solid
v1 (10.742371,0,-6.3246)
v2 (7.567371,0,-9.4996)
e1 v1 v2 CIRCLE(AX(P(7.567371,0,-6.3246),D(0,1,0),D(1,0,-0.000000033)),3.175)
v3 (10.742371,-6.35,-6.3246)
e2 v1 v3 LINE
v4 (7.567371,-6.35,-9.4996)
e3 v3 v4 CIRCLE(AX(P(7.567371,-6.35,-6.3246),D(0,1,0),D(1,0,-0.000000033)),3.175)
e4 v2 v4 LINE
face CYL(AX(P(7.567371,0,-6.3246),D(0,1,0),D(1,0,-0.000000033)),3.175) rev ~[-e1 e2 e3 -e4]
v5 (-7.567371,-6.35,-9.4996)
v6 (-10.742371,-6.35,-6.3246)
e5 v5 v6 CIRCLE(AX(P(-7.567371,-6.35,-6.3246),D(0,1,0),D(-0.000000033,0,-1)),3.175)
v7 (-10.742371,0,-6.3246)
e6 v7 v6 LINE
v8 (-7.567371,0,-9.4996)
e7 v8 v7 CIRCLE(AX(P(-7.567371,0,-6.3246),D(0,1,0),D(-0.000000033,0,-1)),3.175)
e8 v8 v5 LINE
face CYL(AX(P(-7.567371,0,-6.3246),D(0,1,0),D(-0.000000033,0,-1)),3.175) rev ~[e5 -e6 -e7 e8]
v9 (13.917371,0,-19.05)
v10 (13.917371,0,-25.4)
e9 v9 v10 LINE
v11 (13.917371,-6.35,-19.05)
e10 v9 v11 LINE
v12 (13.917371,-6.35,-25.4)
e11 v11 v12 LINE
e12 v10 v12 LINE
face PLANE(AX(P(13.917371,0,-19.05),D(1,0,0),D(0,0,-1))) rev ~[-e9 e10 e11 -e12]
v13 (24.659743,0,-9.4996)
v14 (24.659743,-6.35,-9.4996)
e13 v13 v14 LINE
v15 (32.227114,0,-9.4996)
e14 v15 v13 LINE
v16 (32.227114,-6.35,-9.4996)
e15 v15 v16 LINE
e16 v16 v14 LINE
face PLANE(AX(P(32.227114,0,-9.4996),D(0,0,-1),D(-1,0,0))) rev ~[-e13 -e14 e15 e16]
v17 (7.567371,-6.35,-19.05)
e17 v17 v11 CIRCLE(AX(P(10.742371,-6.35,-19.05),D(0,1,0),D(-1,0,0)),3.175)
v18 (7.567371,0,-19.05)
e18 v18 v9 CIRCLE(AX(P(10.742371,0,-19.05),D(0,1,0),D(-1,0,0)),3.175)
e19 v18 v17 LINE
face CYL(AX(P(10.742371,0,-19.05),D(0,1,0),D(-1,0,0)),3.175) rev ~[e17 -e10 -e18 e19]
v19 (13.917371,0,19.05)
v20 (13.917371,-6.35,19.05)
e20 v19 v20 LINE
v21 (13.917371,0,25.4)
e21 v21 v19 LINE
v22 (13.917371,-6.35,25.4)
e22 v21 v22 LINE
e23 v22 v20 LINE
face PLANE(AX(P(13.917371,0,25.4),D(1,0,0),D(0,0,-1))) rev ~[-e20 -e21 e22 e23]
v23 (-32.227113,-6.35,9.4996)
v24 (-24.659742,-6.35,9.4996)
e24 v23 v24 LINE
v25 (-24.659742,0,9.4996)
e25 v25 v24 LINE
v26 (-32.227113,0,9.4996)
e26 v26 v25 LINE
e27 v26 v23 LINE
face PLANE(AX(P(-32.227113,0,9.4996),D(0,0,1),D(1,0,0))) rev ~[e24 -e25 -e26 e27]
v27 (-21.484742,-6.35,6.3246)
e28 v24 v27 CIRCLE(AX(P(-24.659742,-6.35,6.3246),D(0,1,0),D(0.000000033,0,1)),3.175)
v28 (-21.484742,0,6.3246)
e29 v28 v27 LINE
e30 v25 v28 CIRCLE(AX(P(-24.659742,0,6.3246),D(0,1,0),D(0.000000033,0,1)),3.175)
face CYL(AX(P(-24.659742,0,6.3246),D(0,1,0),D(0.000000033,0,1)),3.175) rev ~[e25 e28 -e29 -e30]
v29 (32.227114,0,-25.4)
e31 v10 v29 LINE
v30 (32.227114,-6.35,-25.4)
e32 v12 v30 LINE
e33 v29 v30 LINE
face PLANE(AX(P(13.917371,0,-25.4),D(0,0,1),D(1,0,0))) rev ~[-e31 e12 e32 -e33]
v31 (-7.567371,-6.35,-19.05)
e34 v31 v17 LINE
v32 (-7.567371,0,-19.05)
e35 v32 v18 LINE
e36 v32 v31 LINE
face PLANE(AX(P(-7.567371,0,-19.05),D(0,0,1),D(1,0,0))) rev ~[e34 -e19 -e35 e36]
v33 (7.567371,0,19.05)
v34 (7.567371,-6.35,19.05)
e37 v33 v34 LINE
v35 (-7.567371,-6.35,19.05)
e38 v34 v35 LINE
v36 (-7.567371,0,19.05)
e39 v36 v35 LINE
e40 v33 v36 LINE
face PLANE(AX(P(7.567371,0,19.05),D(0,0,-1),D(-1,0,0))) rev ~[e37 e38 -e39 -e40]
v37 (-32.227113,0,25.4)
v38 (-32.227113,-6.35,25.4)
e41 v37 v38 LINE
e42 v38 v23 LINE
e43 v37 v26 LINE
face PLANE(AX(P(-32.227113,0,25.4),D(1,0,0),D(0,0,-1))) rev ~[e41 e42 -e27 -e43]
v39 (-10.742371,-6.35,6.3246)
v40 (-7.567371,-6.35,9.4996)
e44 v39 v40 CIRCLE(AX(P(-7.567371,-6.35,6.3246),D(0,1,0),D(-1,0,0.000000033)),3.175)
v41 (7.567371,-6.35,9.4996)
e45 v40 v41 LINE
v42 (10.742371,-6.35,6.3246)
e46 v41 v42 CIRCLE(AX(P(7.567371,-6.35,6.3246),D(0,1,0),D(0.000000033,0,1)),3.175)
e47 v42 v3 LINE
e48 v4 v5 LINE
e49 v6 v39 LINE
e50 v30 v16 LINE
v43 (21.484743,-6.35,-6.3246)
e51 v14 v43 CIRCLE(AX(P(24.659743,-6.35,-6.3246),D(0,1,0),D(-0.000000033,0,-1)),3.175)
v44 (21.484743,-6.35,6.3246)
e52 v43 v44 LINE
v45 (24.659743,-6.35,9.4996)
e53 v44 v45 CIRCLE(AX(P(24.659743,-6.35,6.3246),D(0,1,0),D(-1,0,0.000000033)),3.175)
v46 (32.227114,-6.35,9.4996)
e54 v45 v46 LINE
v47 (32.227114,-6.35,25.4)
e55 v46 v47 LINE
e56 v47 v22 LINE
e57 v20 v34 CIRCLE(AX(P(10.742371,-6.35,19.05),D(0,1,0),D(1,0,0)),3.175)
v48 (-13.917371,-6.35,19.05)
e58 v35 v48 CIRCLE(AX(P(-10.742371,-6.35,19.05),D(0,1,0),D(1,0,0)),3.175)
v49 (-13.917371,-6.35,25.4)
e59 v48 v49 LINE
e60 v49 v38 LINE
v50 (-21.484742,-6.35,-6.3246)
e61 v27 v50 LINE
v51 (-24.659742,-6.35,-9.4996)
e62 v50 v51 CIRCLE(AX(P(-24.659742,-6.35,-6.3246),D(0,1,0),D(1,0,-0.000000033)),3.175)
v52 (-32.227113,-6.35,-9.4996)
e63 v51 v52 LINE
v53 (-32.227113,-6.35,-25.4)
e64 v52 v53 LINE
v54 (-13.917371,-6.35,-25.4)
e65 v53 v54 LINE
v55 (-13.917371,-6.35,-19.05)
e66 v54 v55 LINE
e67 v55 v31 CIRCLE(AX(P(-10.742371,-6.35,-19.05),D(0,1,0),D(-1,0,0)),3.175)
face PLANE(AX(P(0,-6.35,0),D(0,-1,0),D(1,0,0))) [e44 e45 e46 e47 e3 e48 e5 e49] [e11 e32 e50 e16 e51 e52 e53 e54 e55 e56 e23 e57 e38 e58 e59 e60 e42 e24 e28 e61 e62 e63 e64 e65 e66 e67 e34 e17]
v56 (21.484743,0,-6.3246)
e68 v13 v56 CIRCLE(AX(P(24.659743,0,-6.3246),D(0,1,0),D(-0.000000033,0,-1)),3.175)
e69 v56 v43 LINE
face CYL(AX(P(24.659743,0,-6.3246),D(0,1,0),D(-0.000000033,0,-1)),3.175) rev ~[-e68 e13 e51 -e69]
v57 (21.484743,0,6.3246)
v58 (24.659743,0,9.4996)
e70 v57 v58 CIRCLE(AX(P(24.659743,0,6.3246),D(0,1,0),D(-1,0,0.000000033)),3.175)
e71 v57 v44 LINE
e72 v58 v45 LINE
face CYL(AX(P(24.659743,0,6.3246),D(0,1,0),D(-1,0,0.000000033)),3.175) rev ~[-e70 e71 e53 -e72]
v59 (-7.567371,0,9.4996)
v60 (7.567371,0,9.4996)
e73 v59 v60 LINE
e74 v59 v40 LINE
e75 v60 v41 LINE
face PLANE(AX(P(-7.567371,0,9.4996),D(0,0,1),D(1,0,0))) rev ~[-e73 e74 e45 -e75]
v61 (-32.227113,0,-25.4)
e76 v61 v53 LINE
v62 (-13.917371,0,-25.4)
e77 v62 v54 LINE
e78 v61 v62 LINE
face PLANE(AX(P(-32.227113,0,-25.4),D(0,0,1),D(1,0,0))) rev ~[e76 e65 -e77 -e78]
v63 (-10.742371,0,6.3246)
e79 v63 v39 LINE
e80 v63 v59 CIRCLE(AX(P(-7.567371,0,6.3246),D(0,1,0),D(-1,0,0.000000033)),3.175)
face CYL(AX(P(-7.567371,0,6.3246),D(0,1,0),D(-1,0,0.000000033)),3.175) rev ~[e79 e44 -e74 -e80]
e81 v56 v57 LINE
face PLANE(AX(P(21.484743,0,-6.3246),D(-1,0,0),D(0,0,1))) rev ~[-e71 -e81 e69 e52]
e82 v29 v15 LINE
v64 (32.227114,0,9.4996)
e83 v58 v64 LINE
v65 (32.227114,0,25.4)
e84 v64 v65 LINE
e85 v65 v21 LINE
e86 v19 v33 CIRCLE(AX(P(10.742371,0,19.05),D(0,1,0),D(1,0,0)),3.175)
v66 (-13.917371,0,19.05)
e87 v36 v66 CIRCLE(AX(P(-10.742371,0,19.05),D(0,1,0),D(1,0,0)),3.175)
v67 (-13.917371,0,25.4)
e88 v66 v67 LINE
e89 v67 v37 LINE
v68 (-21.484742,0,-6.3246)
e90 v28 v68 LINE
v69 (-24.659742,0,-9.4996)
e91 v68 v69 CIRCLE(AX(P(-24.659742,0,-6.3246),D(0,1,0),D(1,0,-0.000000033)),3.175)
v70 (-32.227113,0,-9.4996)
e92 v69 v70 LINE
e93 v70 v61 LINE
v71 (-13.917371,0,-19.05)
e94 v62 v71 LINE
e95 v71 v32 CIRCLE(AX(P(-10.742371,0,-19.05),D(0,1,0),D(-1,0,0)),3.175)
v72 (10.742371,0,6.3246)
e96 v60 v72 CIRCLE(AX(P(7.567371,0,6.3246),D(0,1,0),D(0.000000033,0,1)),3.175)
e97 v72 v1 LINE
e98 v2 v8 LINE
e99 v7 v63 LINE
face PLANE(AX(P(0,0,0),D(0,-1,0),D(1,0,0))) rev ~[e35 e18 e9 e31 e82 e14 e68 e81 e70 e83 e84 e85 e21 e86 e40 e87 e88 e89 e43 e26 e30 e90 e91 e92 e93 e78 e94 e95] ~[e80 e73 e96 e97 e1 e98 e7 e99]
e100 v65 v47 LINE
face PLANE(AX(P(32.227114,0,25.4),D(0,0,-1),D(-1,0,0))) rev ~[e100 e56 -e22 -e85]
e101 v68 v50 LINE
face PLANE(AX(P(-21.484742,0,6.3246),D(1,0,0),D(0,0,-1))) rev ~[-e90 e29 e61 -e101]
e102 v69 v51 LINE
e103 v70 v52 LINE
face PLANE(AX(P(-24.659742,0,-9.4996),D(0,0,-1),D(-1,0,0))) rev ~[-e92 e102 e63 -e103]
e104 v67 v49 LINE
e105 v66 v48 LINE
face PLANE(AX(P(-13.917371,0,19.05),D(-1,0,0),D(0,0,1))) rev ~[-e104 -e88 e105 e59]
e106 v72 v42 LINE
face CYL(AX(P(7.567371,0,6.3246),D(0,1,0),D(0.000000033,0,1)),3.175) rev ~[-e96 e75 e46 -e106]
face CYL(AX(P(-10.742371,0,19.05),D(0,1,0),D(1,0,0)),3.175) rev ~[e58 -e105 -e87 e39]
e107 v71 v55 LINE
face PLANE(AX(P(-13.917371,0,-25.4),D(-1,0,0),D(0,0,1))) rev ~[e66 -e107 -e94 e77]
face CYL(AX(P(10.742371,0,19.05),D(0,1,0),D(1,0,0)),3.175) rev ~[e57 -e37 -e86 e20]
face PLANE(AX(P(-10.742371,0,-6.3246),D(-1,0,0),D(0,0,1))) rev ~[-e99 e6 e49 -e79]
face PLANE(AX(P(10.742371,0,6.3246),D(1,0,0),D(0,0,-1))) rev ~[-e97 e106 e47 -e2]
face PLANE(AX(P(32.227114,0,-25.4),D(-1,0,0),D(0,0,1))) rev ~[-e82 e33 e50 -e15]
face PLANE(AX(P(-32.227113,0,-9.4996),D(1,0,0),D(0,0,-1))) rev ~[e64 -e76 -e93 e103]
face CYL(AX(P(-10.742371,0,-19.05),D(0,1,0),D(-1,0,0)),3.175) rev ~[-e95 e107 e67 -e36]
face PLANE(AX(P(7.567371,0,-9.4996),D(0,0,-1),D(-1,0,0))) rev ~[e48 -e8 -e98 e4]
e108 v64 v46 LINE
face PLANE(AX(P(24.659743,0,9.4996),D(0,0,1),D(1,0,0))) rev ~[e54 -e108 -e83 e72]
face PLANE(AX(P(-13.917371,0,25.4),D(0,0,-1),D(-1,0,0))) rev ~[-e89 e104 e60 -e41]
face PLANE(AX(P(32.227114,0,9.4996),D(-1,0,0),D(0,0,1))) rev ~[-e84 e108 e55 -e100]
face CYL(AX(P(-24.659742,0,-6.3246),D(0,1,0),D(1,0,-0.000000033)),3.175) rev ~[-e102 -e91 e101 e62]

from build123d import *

# Parameters (mm, degrees)
F1_DEPTH = 6.35


with BuildPart() as f1:
    # F0 (on Front) → F1 (new body)
    with BuildSketch(Plane.XZ):
        with BuildLine():
            Line((-13.917371, -25.4), (-13.917371, -19.05))
            ThreePointArc((-13.917371, -19.05), (-10.742371, -15.875), (-7.567371, -19.05))
            Line((-7.567371, -19.05), (7.567371, -19.05))
            ThreePointArc((7.567371, -19.05), (10.742371, -15.875), (13.917371, -19.05))
            Line((13.917371, -19.05), (13.917371, -25.4))
            Line((13.917371, -25.4), (32.227114, -25.4))
            Line((32.227114, -25.4), (32.227114, -9.4996))
            Line((32.227114, -9.4996), (24.659743, -9.4996))
            ThreePointArc((24.659743, -9.4996), (22.414679, -8.569664), (21.484743, -6.3246))
            Line((21.484743, -6.3246), (21.484743, 6.3246))
            ThreePointArc((21.484743, 6.3246), (22.414679, 8.569664), (24.659743, 9.4996))
            Line((24.659743, 9.4996), (32.227114, 9.4996))
            Line((32.227114, 9.4996), (32.227114, 25.4))
            Line((32.227114, 25.4), (13.917371, 25.4))
            Line((13.917371, 25.4), (13.917371, 19.05))
            ThreePointArc((13.917371, 19.05), (10.742371, 15.875), (7.567371, 19.05))
            Line((7.567371, 19.05), (-7.567371, 19.05))
            ThreePointArc((-7.567371, 19.05), (-10.742371, 15.875), (-13.917371, 19.05))
            Line((-13.917371, 19.05), (-13.917371, 25.4))
            Line((-13.917371, 25.4), (-32.227113, 25.4))
            Line((-32.227113, 25.4), (-32.227113, 9.4996))
            Line((-32.227113, 9.4996), (-24.659742, 9.4996))
            ThreePointArc((-24.659742, 9.4996), (-22.414678, 8.569664), (-21.484742, 6.3246))
            Line((-21.484742, 6.3246), (-21.484742, -6.3246))
            ThreePointArc((-21.484742, -6.3246), (-22.414678, -8.569664), (-24.659742, -9.4996))
            Line((-24.659742, -9.4996), (-32.227113, -9.4996))
            Line((-32.227113, -9.4996), (-32.227113, -25.4))
            Line((-32.227113, -25.4), (-13.917371, -25.4))
        make_face()
        with BuildLine():
            Line((-7.567371, 9.4996), (7.567371, 9.4996))
            ThreePointArc((7.567371, 9.4996), (9.812435, 8.569664), (10.742371, 6.3246))
            Line((10.742371, 6.3246), (10.742371, -6.3246))
            ThreePointArc((10.742371, -6.3246), (9.812435, -8.569664), (7.567371, -9.4996))
            Line((7.567371, -9.4996), (-7.567371, -9.4996))
            ThreePointArc((-7.567371, -9.4996), (-9.812435, -8.569664), (-10.742371, -6.3246))
            Line((-10.742371, -6.3246), (-10.742371, 6.3246))
            ThreePointArc((-10.742371, 6.3246), (-9.812435, 8.569664), (-7.567371, 9.4996))
        make_face(mode=Mode.SUBTRACT)
    extrude(amount=F1_DEPTH)


solid = f1.part
